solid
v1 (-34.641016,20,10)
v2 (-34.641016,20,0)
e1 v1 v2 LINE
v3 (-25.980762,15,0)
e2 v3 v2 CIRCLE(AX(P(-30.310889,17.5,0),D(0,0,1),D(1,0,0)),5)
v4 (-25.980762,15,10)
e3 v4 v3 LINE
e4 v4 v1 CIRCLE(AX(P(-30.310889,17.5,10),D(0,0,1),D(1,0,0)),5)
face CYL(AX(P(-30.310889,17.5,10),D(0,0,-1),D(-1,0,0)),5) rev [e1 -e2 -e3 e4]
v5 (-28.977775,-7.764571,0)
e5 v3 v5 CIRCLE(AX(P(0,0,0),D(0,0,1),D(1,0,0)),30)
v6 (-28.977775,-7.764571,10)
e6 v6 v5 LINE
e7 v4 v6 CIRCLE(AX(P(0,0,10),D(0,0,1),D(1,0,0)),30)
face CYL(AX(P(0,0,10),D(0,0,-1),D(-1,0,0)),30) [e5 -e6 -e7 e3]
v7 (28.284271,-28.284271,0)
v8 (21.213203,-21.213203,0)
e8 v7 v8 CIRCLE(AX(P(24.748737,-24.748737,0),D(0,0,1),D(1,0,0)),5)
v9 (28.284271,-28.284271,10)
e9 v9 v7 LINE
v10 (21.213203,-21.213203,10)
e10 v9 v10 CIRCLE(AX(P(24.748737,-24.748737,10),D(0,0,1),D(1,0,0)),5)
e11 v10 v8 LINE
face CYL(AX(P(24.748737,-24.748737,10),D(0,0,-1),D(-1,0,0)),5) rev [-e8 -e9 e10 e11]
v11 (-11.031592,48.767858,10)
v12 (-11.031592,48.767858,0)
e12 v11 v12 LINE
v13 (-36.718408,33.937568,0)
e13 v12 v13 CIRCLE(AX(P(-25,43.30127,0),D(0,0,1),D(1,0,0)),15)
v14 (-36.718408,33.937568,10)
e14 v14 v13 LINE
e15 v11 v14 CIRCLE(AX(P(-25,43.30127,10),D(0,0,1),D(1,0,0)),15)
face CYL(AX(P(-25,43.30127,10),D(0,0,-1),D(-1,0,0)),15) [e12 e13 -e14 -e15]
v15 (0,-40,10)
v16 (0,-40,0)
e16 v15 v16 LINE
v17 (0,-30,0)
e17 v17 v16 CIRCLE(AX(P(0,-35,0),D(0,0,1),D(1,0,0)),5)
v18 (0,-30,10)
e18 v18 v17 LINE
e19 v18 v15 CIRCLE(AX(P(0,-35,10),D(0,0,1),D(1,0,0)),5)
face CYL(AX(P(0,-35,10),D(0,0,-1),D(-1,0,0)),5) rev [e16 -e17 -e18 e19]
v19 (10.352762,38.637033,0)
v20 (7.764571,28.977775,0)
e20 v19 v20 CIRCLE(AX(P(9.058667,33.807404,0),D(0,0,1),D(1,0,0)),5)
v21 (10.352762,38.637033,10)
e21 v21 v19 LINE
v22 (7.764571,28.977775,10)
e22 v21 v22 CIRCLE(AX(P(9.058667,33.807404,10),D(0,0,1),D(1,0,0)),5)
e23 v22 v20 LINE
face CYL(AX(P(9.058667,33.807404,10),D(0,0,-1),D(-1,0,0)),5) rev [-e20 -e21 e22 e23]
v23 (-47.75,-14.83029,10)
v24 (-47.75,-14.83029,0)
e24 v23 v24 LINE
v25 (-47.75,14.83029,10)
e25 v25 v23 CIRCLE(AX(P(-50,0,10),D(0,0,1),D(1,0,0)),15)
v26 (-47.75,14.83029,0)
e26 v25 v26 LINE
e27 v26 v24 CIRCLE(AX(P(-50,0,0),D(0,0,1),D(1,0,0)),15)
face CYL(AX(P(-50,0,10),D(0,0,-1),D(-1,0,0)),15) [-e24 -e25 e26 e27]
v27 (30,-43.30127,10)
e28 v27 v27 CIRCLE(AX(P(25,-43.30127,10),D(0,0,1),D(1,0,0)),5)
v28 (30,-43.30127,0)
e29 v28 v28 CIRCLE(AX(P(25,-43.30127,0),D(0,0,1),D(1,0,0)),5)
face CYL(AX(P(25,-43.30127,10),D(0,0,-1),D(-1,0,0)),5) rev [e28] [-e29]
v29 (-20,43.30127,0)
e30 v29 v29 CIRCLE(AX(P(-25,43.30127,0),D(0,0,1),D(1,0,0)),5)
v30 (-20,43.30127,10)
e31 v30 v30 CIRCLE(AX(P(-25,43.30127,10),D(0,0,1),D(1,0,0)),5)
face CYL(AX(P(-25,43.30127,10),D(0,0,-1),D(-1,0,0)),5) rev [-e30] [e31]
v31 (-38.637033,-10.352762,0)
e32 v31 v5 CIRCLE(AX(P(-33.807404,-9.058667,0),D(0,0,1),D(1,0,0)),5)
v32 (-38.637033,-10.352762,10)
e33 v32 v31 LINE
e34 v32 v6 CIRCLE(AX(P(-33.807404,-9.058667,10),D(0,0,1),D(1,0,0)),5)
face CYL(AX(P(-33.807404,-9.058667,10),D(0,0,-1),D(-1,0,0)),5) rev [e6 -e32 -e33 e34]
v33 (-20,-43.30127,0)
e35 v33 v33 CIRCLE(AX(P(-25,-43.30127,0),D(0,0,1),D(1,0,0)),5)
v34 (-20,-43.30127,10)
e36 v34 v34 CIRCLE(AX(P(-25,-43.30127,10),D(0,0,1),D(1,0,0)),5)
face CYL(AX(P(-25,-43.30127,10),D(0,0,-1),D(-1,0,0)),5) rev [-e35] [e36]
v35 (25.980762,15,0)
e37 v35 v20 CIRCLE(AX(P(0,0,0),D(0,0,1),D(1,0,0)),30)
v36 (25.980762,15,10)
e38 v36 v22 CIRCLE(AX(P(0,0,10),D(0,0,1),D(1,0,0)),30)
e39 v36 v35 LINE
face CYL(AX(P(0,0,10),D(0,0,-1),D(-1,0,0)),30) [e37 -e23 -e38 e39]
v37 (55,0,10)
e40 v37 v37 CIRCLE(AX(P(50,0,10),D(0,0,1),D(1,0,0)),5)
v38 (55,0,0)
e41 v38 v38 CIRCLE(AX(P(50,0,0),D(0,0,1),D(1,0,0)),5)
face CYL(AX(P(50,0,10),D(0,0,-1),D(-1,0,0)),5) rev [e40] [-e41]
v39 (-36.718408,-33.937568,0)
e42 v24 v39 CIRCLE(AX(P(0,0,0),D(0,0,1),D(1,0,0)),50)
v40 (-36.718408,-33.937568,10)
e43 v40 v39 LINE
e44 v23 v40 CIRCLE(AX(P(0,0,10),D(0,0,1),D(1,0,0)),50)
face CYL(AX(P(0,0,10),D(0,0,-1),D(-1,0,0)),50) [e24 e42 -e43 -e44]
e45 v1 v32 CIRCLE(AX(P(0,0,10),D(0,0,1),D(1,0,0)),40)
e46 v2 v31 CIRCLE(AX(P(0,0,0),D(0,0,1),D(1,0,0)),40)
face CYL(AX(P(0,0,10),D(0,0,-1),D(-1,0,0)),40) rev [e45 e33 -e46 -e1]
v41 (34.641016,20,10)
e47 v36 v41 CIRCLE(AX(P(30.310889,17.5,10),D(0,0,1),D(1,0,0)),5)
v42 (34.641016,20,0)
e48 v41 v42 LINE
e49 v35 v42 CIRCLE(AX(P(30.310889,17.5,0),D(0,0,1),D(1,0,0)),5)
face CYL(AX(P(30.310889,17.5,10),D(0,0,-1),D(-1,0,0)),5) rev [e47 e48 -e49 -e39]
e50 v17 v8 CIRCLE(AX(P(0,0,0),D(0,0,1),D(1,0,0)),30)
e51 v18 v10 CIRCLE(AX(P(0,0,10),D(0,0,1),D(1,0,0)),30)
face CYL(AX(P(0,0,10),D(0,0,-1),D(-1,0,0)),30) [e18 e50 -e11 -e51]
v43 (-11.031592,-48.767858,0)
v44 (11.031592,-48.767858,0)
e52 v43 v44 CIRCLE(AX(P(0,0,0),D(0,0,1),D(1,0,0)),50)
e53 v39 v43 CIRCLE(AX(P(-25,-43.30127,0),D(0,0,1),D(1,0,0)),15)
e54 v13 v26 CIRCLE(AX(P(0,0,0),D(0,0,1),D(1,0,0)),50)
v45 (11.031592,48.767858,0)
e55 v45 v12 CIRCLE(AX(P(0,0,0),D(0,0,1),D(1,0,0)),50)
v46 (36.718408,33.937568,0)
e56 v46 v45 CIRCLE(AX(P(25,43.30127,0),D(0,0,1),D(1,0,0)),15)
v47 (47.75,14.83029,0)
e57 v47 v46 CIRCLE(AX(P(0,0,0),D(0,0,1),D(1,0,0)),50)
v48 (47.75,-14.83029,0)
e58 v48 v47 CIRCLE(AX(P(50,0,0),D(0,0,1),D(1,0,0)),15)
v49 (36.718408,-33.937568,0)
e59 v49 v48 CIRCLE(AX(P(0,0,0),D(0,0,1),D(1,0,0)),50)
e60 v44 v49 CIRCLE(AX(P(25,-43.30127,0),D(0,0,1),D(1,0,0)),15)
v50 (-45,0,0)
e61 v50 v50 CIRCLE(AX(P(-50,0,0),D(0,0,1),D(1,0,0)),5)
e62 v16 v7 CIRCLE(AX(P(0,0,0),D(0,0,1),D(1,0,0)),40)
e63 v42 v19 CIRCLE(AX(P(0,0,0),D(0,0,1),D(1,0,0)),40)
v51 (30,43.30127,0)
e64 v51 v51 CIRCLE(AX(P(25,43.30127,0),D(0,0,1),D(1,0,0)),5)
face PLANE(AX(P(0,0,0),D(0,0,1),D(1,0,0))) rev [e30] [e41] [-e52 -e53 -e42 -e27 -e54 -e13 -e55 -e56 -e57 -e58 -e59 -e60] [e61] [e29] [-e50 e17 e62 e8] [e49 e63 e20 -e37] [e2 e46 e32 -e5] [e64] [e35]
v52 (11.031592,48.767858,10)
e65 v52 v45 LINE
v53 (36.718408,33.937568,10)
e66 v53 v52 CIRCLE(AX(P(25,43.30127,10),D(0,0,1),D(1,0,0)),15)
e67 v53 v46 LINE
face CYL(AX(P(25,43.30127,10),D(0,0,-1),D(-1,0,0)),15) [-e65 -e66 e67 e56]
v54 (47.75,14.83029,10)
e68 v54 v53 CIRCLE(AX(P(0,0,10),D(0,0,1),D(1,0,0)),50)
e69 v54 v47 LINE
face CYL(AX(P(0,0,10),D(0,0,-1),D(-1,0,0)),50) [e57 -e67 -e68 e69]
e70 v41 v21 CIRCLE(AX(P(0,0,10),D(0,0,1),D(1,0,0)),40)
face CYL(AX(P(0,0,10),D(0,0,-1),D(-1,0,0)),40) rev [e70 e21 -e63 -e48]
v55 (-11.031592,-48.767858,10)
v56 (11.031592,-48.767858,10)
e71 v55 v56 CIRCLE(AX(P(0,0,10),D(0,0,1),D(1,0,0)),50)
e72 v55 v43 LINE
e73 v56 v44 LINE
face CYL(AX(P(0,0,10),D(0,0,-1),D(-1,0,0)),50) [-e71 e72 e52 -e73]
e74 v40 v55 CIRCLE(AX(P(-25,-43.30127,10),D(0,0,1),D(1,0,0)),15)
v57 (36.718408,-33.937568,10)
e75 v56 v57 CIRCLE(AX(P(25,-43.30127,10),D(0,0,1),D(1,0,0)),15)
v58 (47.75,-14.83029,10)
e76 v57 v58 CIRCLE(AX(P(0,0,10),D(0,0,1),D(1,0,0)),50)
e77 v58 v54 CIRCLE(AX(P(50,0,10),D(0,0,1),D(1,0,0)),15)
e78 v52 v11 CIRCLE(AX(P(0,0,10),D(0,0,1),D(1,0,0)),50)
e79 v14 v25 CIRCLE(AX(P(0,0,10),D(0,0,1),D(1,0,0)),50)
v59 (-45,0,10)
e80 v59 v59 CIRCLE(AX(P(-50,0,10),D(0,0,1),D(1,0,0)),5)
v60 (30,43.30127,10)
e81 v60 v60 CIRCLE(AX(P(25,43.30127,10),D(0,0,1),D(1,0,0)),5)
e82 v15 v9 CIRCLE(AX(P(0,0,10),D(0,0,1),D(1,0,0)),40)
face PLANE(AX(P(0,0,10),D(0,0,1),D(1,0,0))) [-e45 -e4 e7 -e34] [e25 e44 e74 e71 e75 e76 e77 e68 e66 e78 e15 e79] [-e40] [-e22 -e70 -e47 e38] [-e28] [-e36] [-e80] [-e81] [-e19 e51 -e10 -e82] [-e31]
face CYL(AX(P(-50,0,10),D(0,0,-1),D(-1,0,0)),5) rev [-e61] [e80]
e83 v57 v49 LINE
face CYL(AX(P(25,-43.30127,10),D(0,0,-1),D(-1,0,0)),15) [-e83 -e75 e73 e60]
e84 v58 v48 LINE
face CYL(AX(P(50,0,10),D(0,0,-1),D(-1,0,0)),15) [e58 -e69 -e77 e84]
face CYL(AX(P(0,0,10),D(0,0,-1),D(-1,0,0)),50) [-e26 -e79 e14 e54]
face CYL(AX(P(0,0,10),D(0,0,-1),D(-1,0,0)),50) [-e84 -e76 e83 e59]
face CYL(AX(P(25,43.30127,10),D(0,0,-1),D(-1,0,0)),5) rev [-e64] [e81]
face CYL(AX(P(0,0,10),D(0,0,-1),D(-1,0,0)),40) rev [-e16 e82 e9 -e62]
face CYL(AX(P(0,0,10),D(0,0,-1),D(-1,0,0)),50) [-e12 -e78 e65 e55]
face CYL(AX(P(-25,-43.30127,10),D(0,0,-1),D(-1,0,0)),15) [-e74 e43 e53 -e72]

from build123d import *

# Parameters (mm, degrees)
SKETCH1_R           = 5
BOSS_EXTRUDE1_DEPTH = 10


with BuildPart() as part:
    # Sketch1 → Boss-Extrude1 (new body)
    with BuildSketch(Plane.XY):
        with BuildLine():
            ThreePointArc((-47.75, 14.83028995), (-65, 0), (-47.75, -14.83028995))
            ThreePointArc((-47.75, -14.83028995), (-43.301270189, -25), (-36.718407842, -33.937568056))
            ThreePointArc((-36.718407842, -33.937568056), (-32.5, -56.291651246), (-11.031592158, -48.767858006))
            ThreePointArc((-11.031592158, -48.767858006), (0, -50), (11.031592158, -48.767858006))
            ThreePointArc((11.031592158, -48.767858006), (32.5, -56.291651246), (36.718407842, -33.937568056))
            ThreePointArc((36.718407842, -33.937568056), (43.301270189, -25), (47.75, -14.83028995))
            ThreePointArc((47.75, -14.83028995), (65, 0), (47.75, 14.83028995))
            ThreePointArc((47.75, 14.83028995), (43.301270189, 25), (36.718407842, 33.937568056))
            ThreePointArc((36.718407842, 33.937568056), (32.5, 56.291651246), (11.031592158, 48.767858006))
            ThreePointArc((11.031592158, 48.767858006), (0, 50), (-11.031592158, 48.767858006))
            ThreePointArc((-11.031592158, 48.767858006), (-32.5, 56.291651246), (-36.718407842, 33.937568056))
            ThreePointArc((-36.718407842, 33.937568056), (-43.301270189, 25), (-47.75, 14.83028995))
        make_face()
        with Locations((-50, 0)):
            Circle(SKETCH1_R, mode=Mode.SUBTRACT)
        with Locations((-25, 43.301270189)):
            Circle(SKETCH1_R, mode=Mode.SUBTRACT)
        with Locations((25, 43.301270189)):
            Circle(SKETCH1_R, mode=Mode.SUBTRACT)
        with Locations((50, 0)):
            Circle(SKETCH1_R, mode=Mode.SUBTRACT)
        with Locations((25, -43.301270189)):
            Circle(SKETCH1_R, mode=Mode.SUBTRACT)
        with Locations((-25, -43.301270189)):
            Circle(SKETCH1_R, mode=Mode.SUBTRACT)
        with BuildLine():
            ThreePointArc((34.641016151, 20), (24.35045716, 31.734133612), (10.352761804, 38.637033052))
            ThreePointArc((10.352761804, 38.637033052), (4.229037447, 35.101499146), (7.764571353, 28.977774789))
            ThreePointArc((7.764571353, 28.977774789), (18.26284287, 23.800600209), (25.980762114, 15))
            ThreePointArc((25.980762114, 15), (32.810889132, 13.169872981), (34.641016151, 20))
        make_face(mode=Mode.SUBTRACT)
        with BuildLine():
            ThreePointArc((0, -40), (15.307337295, -36.9551813), (28.284271247, -28.284271247))
            ThreePointArc((28.284271247, -28.284271247), (28.284271247, -21.213203436), (21.213203436, -21.213203436))
            ThreePointArc((21.213203436, -21.213203436), (11.480502971, -27.716385975), (0, -30))
            ThreePointArc((0, -30), (-5, -35), (0, -40))
        make_face(mode=Mode.SUBTRACT)
        with BuildLine():
            ThreePointArc((-34.641016151, 20), (-39.657794455, 5.221047689), (-38.637033052, -10.352761804))
            ThreePointArc((-38.637033052, -10.352761804), (-32.513308695, -13.88829571), (-28.977774789, -7.764571353))
            ThreePointArc((-28.977774789, -7.764571353), (-29.743345841, 3.915785767), (-25.980762114, 15))
            ThreePointArc((-25.980762114, 15), (-27.810889132, 21.830127019), (-34.641016151, 20))
        make_face(mode=Mode.SUBTRACT)
    extrude(amount=BOSS_EXTRUDE1_DEPTH)


solid = part.part
